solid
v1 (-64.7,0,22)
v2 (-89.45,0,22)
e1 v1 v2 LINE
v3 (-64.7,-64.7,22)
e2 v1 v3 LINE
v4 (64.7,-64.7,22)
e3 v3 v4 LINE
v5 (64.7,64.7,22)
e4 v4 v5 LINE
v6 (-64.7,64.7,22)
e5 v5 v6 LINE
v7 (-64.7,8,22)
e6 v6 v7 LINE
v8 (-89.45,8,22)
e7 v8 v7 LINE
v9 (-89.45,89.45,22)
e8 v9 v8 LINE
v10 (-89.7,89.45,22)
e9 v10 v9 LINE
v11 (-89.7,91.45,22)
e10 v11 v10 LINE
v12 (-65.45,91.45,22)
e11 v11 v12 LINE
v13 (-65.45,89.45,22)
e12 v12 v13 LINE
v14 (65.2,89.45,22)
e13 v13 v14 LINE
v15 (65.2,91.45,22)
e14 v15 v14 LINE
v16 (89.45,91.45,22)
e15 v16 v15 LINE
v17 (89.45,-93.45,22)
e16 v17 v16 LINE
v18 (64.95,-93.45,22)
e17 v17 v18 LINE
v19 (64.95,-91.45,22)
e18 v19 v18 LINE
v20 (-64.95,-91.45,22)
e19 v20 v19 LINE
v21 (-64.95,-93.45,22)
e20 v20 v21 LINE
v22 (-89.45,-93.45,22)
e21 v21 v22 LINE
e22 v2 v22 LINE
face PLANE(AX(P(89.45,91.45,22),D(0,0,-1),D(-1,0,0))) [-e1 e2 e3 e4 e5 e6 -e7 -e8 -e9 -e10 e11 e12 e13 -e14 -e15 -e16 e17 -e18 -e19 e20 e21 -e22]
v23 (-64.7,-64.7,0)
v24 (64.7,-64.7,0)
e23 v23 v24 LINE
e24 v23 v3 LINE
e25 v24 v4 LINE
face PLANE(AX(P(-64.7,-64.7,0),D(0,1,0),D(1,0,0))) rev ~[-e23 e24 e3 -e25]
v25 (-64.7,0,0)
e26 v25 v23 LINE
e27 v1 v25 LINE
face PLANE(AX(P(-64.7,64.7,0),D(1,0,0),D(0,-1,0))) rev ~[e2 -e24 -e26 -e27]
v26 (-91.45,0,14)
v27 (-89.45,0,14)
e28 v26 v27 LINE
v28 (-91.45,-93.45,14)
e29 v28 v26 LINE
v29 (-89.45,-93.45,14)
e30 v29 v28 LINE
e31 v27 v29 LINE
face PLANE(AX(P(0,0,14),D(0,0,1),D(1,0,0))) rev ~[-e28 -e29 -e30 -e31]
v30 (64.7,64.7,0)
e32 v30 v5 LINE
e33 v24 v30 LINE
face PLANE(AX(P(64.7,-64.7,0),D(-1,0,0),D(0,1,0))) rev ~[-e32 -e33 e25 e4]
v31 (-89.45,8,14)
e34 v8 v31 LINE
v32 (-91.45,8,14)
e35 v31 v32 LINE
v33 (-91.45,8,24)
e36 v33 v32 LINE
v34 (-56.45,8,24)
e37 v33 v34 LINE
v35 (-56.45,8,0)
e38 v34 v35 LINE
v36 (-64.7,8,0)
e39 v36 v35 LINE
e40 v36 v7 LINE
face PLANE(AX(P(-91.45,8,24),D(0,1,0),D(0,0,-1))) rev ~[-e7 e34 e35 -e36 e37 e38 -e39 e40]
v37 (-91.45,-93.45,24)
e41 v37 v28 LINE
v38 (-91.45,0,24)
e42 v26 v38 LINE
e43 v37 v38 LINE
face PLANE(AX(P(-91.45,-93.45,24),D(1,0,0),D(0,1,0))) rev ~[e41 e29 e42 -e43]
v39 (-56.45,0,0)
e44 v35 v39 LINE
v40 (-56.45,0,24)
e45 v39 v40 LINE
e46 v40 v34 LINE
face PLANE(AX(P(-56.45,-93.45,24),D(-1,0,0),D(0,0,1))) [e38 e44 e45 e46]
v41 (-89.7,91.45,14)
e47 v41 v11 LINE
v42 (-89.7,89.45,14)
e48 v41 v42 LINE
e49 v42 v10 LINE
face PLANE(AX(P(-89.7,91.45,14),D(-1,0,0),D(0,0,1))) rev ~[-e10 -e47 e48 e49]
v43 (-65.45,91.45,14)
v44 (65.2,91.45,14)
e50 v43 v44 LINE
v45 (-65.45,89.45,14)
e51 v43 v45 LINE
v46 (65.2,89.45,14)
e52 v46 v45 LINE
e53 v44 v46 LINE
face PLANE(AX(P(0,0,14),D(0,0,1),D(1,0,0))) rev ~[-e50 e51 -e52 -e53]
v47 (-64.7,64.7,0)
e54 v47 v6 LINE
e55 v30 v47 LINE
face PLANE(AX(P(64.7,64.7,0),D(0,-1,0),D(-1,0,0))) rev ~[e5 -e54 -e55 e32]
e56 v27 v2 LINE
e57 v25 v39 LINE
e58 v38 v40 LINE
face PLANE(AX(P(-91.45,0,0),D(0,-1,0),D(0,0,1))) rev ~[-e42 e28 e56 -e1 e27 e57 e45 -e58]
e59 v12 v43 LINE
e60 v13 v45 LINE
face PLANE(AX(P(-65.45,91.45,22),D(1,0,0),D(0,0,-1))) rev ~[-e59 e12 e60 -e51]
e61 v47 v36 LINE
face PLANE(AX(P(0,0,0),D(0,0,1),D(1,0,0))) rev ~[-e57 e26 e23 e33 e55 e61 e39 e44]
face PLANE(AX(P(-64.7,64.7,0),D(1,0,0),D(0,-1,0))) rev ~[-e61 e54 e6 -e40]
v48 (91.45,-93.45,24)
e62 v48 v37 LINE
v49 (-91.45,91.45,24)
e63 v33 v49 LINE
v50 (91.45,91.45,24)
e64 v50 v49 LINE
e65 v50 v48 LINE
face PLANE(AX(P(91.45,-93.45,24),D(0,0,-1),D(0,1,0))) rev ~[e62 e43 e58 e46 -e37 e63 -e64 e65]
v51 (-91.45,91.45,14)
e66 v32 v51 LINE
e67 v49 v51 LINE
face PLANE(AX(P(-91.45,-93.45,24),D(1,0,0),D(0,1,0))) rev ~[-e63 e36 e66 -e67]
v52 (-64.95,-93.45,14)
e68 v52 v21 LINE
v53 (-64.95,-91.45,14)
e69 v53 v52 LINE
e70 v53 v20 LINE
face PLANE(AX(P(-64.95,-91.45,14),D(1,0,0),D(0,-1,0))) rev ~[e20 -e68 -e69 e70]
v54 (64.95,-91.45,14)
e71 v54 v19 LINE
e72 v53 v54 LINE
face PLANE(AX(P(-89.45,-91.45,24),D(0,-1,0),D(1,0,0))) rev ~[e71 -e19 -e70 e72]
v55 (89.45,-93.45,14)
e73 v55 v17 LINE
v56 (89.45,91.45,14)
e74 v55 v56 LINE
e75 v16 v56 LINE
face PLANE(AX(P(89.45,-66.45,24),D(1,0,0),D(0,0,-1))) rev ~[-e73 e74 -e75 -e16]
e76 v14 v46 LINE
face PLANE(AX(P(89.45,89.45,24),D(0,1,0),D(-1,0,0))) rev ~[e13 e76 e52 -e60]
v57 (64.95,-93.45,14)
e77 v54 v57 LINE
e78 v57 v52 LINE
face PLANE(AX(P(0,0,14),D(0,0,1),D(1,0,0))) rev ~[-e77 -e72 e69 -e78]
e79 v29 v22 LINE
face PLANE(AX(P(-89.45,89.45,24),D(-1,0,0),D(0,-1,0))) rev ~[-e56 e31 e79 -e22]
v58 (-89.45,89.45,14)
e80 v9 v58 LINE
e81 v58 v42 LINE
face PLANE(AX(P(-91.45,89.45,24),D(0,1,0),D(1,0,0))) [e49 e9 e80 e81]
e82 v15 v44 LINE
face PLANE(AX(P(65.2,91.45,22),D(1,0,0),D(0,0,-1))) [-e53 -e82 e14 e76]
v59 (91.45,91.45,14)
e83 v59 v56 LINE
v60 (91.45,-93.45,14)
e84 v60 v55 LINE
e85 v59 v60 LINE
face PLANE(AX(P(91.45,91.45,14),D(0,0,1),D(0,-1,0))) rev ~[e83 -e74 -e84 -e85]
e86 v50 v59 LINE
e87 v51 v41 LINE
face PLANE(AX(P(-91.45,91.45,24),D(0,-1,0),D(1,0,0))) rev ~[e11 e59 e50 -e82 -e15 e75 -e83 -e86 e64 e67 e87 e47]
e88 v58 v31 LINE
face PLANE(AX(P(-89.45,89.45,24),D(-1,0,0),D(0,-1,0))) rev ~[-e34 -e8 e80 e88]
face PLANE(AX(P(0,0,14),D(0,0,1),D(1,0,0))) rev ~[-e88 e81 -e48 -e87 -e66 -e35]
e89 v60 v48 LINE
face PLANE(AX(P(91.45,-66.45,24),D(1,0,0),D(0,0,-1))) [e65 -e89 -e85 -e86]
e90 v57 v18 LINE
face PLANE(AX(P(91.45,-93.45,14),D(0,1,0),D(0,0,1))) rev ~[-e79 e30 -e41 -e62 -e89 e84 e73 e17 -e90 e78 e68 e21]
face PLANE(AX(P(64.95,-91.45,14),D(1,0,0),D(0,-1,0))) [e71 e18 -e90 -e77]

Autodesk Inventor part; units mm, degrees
ref_plane "YZ Plane" through (0, 0, 0) normal (1, 0, 0) x (0, 1, 0)
ref_plane "XZ Plane" through (0, 0, 0) normal (0, 1, 0) x (-1, 0, 0)
ref_plane "XY Plane" through (0, 0, 0) normal (0, 0, 1) x (1, 0, 0)
sketch "Skizze1" plane through (0, 0, 0) normal (0, 0, 1) x (1, 0, 0)
  line L0 (-64.7, -64.7) -> (64.7, -64.7)
  line L1 (64.7, -64.7) -> (64.7, 64.7)
  line L2 (64.7, 64.7) -> (-64.7, 64.7)
  line L3 (-64.7, 64.7) -> (-64.7, -64.7)
  line L4 (-64.7, -64.7) -> (64.7, 64.7) construction
  line L5 (64.7, -64.7) -> (-64.7, 64.7) construction
  point P0 (0, 0)
  dimension "d0" = 129.4
  dimension "d1" = 129.4
extrude "Extrusion1" add sketch "Skizze1" along normal blind 22
sketch "Skizze2" plane through (0, 0, 22) normal (0, 0, 1) x (1, 0, 0)
  line L0 (-132.05, 89.45) -> (128.95, 89.45)
  line L1 (64.7, 64.7) -> (-64.7, 64.7) projected
  line L2 (89.45, 116.05) -> (89.45, -84.95)
  line L3 (-89.45, 121.95) -> (-89.45, -89.05)
  line L4 (64.7, -64.7) -> (64.7, 64.7) projected
  line L5 (-64.7, 64.7) -> (-64.7, -64.7) projected
  line L6 (-157.95, -91.45) -> (148.05, -91.45)
  line L7 (-64.7, -64.7) -> (64.7, -64.7) projected
  line L8 (89.45, -84.95) -> (89.45, -91.95)
  line L9 (-89.45, -89.05) -> (-89.45, -94.05)
  point P0 (0, 0)
  point P1 (-89.45, -91.45)
  point P2 (89.45, -91.45)
  point P3 (89.45, 89.45)
  point P4 (-89.45, 89.45)
  dimension "d4" = 24.75
  dimension "d5" = 24.75
  dimension "d6" = 24.75
  dimension "d7" = 26.75
extrude "Extrusion2" add sketch "Skizze2" along normal blind 2 contours L0 L2 L8 L6 L9 L3 | L4 L7 L5 L1
sketch "Skizze3" plane through (0, 0, 24) normal (0, 0, 1) x (1, 0, 0)
  line L0 (-91.45, 91.45) -> (91.45, 91.45)
  line L1 (91.45, 91.45) -> (91.45, -93.45)
  line L2 (91.45, -93.45) -> (-91.45, -93.45)
  line L3 (-91.45, -93.45) -> (-91.45, 91.45)
  line L4 (89.45, 89.45) -> (-89.45, 89.45) projected
  line L5 (-89.45, 89.45) -> (-89.45, -91.45) projected
  line L6 (89.45, -91.45) -> (89.45, 89.45) projected
  line L7 (-89.45, -91.45) -> (89.45, -91.45) projected
  line L8 (-89.45, 89.45) -> (-89.45, -91.45) projected
  line L9 (-89.45, 89.45) -> (89.45, 89.45)
  line L10 (89.45, 89.45) -> (89.45, -91.45)
  line L11 (89.45, -91.45) -> (-89.45, -91.45)
  line L12 (-89.45, -91.45) -> (-89.45, 89.45)
  point P0 (0, 0)
  dimension "d10" = 2
  dimension "d11" = 2
  dimension "d12" = 2
  dimension "d13" = 2
extrude "Extrusion3" add sketch "Skizze3" against normal blind 10
sketch "Skizze4" plane through (0, 0, 14) normal (0, 0, -1) x (-1, 0, 0)
  line L0 (89.45, -91.45) -> (-89.45, -91.45) projected
  line L1 (-91.45, -93.45) -> (91.45, -93.45) projected
  line L2 (89.45, -91.45) -> (64.95, -91.45)
  line L3 (64.95, -91.45) -> (64.95, -93.45)
  line L4 (64.95, -93.45) -> (89.45, -93.45)
  line L5 (89.45, -93.45) -> (89.45, -91.45)
  line L6 (-89.45, -91.45) -> (-64.95, -91.45)
  line L7 (-64.95, -91.45) -> (-64.95, -93.45)
  line L8 (-64.95, -93.45) -> (-89.45, -93.45)
  line L9 (-89.45, -93.45) -> (-89.45, -91.45)
  point P0 (0, 0)
  point P1 (89.45, -93.45)
  point P2 (-89.45, -91.45)
  point P3 (-89.45, -93.45)
  point P4 (-64.95, -93.45)
  point P5 (-64.95, -91.45)
  dimension "d16" = 24.5
  dimension "d17" = 24.5
extrude "Extrusion4" cut sketch "Skizze4" against normal up to surface (8 mm away) contours L5 L1 L3 L0 | L7 L1 L9 L0
sketch "Skizze6" plane through (91.45, -93.45, 24) normal (1, 0, 0) x (0, 0, -1)
  line L0 (10, 0) -> (10, 182.9) projected
  line L1 (0, 0) -> (10, 0)
  line L2 (10, 0) -> (10, 27)
  line L3 (10, 27) -> (0, 27)
  line L4 (0, 27) -> (0, 0)
  line L5 (0, 184.9) -> (10, 184.9) projected
  line L6 (0, 184.9) -> (10, 184.9)
  line L7 (10, 184.9) -> (10, 157.9)
  line L8 (10, 157.9) -> (0, 157.9)
  line L9 (0, 157.9) -> (0, 184.9)
  point P0 (24, 93.45)
  dimension "d20" = 27
  dimension "d21" = 27
extrude "Extrusion5" cut sketch "Skizze6" against normal up to surface (2 mm away)
sketch "Skizze7" plane through (-91.45, 91.45, 24) normal (0, 1, 0) x (1, 0, 0)
  line L0 (182.9, 10) -> (180.9, 10) projected
  line L1 (180.9, 10) -> (180.9, 2) projected
  line L2 (180.9, 0) -> (0, 0) projected
  line L3 (182.9, 10) -> (182.9, 0) projected
  line L4 (181.15, 2) -> (156.65, 2)
  line L5 (156.65, 2) -> (156.65, 10)
  line L6 (156.65, 10) -> (181.15, 10)
  line L7 (181.15, 10) -> (181.15, 2)
  line L8 (180.9, 10) -> (2, 10) projected
  line L9 (0, 0) -> (0, 10) projected
  line L10 (1.75, 2) -> (26, 2)
  line L11 (26, 2) -> (26, 10)
  line L12 (26, 10) -> (1.75, 10)
  line L13 (1.75, 10) -> (1.75, 2)
  point P0 (91.45, 24)
  point P1 (181.15, 10)
  point P2 (1.75, 10)
  point P3 (2, 10)
  point P4 (180.9, 10)
  dimension "d26" = 1.75
  dimension "d27" = 24.25
  dimension "d28" = 1.75
  dimension "d29" = 2
  dimension "d30" = 1.75
  dimension "d31" = 2
  dimension "d32" = 1.75
  dimension "d33" = 24.25
extrude "Extrusion6" cut sketch "Skizze7" against normal blind 2 contours L11 L10 L13 L12 L8 | L1 L4 L5 L6
sketch "Skizze8" plane through (91.45, -66.45, 24) normal (1, 0, 0) x (0, 0, -1)
  line L0 (10, -27) -> (2, -27) projected
  line L1 (0, 157.9) -> (10, 157.9) projected
  line L2 (10, -27) -> (0, -27)
  line L3 (0, -27) -> (0, 157.9)
  line L4 (0, 157.9) -> (10, 157.9)
  line L5 (10, 157.9) -> (10, -27)
  point P0 (24, 66.45)
extrude "Extrusion7" add sketch "Skizze8" against normal blind 2
sketch "Skizze18" plane through (-91.45, -93.45, 24) normal (-1, 0, 0) x (0, 0, 1)
  line L0 (-24, 93.45) -> (0, 93.45)
  line L1 (0, 93.45) -> (0, 101.45)
  line L2 (0, 101.45) -> (-24, 101.45)
  line L3 (-24, 101.45) -> (-24, 93.45)
  dimension "d97" = 24
  dimension "d98" = 8
extrude "Extrusion17" cut sketch "Skizze18" against normal blind 35
properties part number "2025_03_10_Reaktor_oben" material "ABS-Kunststoff"
